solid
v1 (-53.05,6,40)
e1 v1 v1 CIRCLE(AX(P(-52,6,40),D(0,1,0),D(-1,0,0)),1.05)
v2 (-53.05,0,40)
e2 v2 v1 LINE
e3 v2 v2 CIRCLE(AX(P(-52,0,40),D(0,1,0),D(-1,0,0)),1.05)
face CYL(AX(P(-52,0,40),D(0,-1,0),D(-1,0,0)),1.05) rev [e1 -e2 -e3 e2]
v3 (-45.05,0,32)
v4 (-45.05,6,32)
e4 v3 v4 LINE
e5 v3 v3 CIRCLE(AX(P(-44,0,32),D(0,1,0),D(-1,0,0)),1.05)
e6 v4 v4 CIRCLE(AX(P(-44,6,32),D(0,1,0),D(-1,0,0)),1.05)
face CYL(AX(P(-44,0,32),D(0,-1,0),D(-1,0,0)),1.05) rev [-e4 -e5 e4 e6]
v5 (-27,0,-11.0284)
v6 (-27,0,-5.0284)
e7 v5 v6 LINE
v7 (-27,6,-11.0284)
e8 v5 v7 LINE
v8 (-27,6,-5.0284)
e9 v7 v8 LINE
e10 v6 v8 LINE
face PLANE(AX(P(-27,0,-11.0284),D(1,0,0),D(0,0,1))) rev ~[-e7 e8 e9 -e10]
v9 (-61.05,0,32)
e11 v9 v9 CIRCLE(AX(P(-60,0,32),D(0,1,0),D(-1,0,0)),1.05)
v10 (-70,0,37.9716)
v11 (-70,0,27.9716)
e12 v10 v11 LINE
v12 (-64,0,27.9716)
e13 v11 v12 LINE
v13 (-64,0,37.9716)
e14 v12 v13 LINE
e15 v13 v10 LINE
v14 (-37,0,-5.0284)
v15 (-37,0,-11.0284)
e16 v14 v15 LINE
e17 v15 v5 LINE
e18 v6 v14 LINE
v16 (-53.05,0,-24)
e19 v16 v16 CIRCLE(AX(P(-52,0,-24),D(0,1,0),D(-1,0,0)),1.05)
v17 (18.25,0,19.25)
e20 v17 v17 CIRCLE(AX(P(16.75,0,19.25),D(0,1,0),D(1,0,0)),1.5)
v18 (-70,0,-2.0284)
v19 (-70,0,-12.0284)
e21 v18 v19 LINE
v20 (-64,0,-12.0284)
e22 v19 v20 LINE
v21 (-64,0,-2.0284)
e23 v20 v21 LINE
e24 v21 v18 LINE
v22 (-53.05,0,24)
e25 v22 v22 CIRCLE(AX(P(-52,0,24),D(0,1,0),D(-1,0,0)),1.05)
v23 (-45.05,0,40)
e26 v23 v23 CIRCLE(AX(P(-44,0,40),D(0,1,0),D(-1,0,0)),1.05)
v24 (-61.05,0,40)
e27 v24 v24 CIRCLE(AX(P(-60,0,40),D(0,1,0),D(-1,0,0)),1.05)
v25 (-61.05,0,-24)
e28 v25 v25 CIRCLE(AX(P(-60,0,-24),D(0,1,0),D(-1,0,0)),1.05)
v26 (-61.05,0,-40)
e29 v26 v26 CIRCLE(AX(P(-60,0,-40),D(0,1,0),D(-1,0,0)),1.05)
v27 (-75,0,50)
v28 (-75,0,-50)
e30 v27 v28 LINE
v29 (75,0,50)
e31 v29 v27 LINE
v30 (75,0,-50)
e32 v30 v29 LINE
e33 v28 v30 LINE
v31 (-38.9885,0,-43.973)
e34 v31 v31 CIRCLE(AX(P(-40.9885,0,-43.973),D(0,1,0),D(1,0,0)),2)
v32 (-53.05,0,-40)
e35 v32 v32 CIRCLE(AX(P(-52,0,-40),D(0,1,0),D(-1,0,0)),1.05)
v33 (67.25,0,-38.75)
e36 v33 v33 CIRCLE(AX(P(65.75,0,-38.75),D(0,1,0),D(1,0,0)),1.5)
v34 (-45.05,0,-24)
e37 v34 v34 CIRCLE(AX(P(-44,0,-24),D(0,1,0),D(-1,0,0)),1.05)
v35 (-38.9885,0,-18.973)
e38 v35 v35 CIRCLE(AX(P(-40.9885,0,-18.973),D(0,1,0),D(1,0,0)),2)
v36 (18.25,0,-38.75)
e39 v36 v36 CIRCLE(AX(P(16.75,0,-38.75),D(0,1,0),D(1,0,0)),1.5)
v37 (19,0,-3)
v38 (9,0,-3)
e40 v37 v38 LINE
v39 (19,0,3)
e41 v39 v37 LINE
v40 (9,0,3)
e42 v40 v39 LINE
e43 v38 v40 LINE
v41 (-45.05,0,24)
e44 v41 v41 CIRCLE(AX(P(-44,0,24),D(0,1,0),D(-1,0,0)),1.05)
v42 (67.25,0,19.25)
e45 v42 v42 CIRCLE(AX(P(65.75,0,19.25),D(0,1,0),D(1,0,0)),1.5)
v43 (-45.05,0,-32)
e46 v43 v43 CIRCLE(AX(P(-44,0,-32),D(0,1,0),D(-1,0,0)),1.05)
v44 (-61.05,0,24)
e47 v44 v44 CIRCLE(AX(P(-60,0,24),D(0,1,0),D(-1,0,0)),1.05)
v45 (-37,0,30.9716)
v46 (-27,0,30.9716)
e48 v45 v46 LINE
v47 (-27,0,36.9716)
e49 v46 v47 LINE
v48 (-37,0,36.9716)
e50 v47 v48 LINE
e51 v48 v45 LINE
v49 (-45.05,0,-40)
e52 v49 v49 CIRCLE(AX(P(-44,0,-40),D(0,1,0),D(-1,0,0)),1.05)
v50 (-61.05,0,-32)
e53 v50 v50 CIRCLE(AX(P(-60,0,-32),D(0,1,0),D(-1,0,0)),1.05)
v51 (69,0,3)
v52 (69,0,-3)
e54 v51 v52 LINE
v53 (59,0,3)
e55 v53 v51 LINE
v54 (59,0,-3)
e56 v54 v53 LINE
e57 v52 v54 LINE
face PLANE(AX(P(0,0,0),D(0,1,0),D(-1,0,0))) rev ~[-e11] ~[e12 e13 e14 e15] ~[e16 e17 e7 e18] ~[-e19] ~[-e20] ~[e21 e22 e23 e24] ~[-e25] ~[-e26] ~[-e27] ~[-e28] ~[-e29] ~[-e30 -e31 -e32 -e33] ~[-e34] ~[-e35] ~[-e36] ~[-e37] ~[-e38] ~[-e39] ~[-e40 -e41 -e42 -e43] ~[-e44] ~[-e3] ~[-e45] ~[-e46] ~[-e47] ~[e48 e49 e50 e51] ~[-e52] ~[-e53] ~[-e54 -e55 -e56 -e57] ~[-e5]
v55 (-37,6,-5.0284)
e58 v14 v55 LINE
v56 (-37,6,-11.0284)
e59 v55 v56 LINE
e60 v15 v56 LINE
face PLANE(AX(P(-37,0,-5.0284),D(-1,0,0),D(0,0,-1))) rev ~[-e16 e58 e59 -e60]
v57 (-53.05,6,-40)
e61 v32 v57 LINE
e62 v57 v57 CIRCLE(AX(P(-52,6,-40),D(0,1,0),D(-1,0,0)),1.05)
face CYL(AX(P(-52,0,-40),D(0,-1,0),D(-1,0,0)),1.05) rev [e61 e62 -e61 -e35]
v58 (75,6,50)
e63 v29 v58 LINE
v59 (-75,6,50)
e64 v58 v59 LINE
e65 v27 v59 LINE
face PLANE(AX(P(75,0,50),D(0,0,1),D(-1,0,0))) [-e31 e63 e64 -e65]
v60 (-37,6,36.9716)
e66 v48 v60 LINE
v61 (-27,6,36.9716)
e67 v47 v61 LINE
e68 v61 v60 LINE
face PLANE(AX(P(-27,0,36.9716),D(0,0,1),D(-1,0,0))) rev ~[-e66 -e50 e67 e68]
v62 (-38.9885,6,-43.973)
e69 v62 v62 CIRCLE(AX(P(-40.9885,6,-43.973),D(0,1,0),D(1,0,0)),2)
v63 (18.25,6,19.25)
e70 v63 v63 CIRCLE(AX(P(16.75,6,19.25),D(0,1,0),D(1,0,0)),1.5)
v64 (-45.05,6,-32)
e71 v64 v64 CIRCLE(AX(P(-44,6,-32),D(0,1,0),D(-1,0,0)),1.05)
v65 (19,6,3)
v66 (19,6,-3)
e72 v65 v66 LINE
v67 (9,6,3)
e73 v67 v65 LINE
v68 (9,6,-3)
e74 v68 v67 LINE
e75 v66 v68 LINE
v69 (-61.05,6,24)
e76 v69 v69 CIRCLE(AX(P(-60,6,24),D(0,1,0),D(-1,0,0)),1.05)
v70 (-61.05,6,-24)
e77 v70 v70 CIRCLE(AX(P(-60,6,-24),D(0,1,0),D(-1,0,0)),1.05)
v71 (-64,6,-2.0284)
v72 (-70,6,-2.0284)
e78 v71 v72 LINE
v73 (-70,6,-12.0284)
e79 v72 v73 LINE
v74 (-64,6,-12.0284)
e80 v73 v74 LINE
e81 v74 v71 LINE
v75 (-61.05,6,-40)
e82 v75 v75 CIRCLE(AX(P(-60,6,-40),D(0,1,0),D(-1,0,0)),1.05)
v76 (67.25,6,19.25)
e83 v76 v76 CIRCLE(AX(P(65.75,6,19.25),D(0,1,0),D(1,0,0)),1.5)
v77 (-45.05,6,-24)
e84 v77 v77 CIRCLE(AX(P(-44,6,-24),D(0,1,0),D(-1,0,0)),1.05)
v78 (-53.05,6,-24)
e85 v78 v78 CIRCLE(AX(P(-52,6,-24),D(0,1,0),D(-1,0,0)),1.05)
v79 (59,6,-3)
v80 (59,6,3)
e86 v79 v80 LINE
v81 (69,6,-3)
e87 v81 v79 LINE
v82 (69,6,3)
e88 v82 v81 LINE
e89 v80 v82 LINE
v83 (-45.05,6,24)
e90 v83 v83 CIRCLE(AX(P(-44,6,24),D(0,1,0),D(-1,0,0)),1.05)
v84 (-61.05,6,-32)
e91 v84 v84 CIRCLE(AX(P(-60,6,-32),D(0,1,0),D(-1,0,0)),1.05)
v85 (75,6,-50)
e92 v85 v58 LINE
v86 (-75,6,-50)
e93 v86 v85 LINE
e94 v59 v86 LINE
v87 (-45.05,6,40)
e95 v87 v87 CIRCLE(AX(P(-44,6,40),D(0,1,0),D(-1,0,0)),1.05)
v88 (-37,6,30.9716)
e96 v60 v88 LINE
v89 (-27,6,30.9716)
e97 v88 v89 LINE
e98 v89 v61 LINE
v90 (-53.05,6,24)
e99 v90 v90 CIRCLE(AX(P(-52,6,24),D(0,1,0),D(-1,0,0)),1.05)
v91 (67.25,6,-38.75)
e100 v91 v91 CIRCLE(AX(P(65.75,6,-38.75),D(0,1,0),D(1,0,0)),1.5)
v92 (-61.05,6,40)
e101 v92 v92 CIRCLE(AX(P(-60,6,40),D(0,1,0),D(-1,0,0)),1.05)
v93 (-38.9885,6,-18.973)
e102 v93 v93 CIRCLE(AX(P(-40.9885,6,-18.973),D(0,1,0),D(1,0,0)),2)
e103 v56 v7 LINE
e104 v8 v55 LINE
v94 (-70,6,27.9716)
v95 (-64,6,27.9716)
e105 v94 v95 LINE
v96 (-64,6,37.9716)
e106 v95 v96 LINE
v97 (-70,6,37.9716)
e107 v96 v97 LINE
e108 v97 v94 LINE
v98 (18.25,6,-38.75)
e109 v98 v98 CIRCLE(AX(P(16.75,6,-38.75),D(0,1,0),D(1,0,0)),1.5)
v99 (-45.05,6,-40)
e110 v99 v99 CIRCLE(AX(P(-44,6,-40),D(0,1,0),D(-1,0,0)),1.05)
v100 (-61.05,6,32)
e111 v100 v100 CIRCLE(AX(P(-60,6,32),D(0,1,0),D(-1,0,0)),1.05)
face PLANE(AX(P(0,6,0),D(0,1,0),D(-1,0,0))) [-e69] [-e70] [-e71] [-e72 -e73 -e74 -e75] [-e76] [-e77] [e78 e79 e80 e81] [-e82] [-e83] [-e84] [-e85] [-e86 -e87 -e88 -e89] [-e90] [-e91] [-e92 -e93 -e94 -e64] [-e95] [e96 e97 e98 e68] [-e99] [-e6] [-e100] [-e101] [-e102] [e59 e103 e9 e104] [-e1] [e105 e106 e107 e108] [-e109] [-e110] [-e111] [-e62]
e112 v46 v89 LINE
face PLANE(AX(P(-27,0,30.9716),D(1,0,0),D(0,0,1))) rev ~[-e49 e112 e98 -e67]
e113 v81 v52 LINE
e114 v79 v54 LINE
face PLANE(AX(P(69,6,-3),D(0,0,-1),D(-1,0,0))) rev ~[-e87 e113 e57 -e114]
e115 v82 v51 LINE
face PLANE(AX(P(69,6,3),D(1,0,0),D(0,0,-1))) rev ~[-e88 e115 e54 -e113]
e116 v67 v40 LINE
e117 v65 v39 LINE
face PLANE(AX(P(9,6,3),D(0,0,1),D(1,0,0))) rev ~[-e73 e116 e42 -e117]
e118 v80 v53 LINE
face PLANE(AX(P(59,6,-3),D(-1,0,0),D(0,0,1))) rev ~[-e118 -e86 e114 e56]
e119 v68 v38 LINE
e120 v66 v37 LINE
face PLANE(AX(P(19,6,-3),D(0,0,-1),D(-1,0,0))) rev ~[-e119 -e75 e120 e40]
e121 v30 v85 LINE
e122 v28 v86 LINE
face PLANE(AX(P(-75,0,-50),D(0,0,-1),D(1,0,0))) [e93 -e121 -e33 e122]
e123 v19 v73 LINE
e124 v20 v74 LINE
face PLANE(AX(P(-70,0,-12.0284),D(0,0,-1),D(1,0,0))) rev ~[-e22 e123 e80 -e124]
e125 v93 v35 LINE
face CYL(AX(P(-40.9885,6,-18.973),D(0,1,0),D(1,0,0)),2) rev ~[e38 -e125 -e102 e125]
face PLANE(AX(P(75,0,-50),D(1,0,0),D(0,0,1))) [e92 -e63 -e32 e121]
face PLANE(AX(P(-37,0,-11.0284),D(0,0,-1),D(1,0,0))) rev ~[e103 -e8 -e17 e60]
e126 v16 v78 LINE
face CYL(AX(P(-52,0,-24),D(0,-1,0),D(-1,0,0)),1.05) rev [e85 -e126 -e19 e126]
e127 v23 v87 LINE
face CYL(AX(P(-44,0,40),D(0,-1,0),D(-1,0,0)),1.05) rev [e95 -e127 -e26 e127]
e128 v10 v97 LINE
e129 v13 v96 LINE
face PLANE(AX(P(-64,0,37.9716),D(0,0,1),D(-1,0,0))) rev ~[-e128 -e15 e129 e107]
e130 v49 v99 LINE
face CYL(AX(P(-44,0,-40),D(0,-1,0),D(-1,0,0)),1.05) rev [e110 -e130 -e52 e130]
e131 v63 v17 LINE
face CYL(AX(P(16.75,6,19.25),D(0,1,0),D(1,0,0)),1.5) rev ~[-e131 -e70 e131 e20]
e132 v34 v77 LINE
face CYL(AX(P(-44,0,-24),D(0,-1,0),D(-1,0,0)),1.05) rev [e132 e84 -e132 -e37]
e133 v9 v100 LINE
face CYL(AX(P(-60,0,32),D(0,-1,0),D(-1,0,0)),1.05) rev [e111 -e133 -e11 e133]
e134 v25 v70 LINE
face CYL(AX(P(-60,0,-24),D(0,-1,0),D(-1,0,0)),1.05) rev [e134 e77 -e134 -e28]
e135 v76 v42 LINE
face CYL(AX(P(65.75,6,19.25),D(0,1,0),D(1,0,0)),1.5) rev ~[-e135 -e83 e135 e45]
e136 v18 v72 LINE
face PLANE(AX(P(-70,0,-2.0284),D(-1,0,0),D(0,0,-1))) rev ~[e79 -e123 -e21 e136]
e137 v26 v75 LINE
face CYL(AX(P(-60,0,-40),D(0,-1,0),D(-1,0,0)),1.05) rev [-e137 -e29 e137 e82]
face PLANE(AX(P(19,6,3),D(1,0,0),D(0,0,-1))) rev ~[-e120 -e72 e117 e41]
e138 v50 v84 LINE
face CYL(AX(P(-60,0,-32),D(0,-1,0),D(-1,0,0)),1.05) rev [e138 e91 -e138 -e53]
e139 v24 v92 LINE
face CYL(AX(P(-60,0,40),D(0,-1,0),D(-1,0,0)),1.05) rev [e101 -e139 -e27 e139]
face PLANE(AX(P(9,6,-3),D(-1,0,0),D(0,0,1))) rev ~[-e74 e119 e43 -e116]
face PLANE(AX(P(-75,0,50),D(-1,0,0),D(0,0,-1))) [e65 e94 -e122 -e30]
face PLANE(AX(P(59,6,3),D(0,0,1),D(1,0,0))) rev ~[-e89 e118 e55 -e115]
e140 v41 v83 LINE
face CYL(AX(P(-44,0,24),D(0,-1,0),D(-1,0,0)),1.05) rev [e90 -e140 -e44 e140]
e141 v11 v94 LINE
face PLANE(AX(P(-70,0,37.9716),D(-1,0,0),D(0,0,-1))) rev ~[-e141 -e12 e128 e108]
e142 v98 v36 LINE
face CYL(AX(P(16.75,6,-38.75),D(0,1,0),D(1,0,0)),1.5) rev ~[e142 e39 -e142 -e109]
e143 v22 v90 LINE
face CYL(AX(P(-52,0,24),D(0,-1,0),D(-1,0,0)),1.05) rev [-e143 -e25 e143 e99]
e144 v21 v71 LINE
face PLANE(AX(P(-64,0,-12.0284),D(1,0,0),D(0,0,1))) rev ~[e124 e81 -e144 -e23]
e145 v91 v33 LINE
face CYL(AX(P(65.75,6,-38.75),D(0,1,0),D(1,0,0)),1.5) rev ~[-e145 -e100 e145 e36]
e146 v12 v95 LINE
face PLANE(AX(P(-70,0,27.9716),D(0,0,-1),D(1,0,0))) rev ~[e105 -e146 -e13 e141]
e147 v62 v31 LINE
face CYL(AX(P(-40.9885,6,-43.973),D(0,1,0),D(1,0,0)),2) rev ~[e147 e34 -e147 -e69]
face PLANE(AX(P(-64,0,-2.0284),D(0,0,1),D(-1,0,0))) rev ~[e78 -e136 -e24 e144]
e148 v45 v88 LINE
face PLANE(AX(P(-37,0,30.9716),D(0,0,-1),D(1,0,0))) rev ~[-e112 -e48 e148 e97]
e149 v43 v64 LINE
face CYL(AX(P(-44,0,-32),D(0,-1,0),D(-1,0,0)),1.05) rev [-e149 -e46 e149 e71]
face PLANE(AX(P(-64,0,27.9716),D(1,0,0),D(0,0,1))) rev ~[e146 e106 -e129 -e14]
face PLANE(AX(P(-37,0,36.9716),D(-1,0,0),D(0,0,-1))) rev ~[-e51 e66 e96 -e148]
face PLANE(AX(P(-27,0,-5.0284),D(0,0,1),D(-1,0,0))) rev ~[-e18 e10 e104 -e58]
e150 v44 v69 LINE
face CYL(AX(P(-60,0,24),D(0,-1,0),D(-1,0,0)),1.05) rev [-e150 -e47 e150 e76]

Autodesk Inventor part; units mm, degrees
ref_plane "YZ Plane" through (0, 0, 0) normal (1, 0, 0) x (0, 1, 0)
ref_plane "XZ Plane" through (0, 0, 0) normal (0, 1, 0) x (-1, 0, 0)
ref_plane "XY Plane" through (0, 0, 0) normal (0, 0, 1) x (1, 0, 0)
sketch "Esquisse1" plane through (0, 0, 0) normal (0, 1, 0) x (-1, 0, 0)
  line L0 (-75, 50) -> (75, 50)
  line L1 (75, 50) -> (75, -50)
  line L2 (75, -50) -> (-75, -50)
  line L3 (-75, -50) -> (-75, 50)
  line L4 (75, 50) -> (-75, -50) construction
  circle A0 centre (60, -40) radius 1.05
  circle A1 centre (52, -40) radius 1.05
  circle A2 centre (44, -40) radius 1.05
  circle A3 centre (60, -32) radius 1.05
  circle A4 centre (52, -32) radius 1.05 construction
  circle A5 centre (44, -32) radius 1.05
  circle A6 centre (60, -24) radius 1.05
  circle A7 centre (52, -24) radius 1.05
  circle A8 centre (44, -24) radius 1.05
  line L5 (75, 0) -> (-75, 0) construction
  circle A9 centre (60, 40) radius 1.05
  circle A10 centre (52, 40) radius 1.05
  circle A11 centre (44, 40) radius 1.05
  circle A12 centre (60, 32) radius 1.05
  circle A13 centre (52, 32) radius 1.05 construction
  circle A14 centre (44, 32) radius 1.05
  circle A15 centre (60, 24) radius 1.05
  circle A16 centre (52, 24) radius 1.05
  circle A17 centre (44, 24) radius 1.05
  line L6 (64, -2.0284) -> (70, -2.0284)
  line L7 (70, -2.0284) -> (70, -12.0284)
  line L8 (70, -12.0284) -> (64, -12.0284)
  line L9 (64, -12.0284) -> (64, -2.0284)
  line L10 (64, -2.0284) -> (70, -12.0284) construction
  line L11 (70, -2.0284) -> (64, -12.0284) construction
  line L12 (64, 37.9716) -> (70, 37.9716)
  line L13 (70, 37.9716) -> (70, 27.9716)
  line L14 (70, 27.9716) -> (64, 27.9716)
  line L15 (64, 27.9716) -> (64, 37.9716)
  line L16 (64, 37.9716) -> (70, 27.9716) construction
  line L17 (70, 37.9716) -> (64, 27.9716) construction
  line L18 (27, -5.0284) -> (37, -5.0284)
  line L19 (37, -5.0284) -> (37, -11.0284)
  line L20 (37, -11.0284) -> (27, -11.0284)
  line L21 (27, -11.0284) -> (27, -5.0284)
  line L22 (27, -5.0284) -> (37, -11.0284) construction
  line L23 (37, -5.0284) -> (27, -11.0284) construction
  line L24 (27, 36.9716) -> (37, 36.9716)
  line L25 (37, 36.9716) -> (37, 30.9716)
  line L26 (37, 30.9716) -> (27, 30.9716)
  line L27 (27, 30.9716) -> (27, 36.9716)
  line L28 (27, 36.9716) -> (37, 30.9716) construction
  line L29 (37, 36.9716) -> (27, 30.9716) construction
  point P0 (0, 0)
  point P1 (67, -7.0284)
  point P2 (67, 32.9716)
  point P3 (32, -8.0284)
  point P4 (32, 33.9716)
  dimension "d0" = 150
  dimension "d1" = 100
  dimension "d2" = 2.1
  dimension "d3" = 10
  dimension "d4" = 15
  dimension "d7" = 8
  dimension "d10" = 8
  dimension "d25" = 50
  dimension "d26" = 0
  dimension "d27" = 6
  dimension "d28" = 10
  dimension "d29" = 6
  dimension "d30" = 10
  dimension "d31" = 50
  dimension "d32" = 5
  dimension "d33" = 5
  dimension "d34" = 10
  dimension "d35" = 6
  dimension "d36" = 6
  dimension "d37" = 36
  dimension "d38" = 35
  dimension "d39" = 1
ref_plane "Plan de construction1" through (0, 6, 0) normal (0, 1, 0) x (1, 0, 0)
extrude "Extrusion2" add sketch "Esquisse1" along normal blind 6
sketch "Esquisse3" plane through (0, 6, 0) normal (0, 1, 0) x (1, 0, 0)
  line L0 (-37, -36.9716) -> (-37, -30.9716) construction
  line L1 (-37, -30.9716) -> (-27, -30.9716) construction
  line L2 (-27, -30.9716) -> (-27, -36.9716) construction
  line L3 (-27, -36.9716) -> (-37, -36.9716) construction
  line L4 (-37, 5.0284) -> (-37, 11.0284) construction
  line L5 (-37, 11.0284) -> (-27, 11.0284) construction
  line L6 (-27, 11.0284) -> (-27, 5.0284) construction
  line L7 (-27, 5.0284) -> (-37, 5.0284) construction
  line L8 (-70, -37.9716) -> (-70, -27.9716) construction
  line L9 (-70, -27.9716) -> (-64, -27.9716) construction
  line L10 (-64, -27.9716) -> (-64, -37.9716) construction
  line L11 (-64, -37.9716) -> (-70, -37.9716) construction
  line L12 (-70, 2.0284) -> (-70, 12.0284) construction
  line L13 (-70, 12.0284) -> (-64, 12.0284) construction
  line L14 (-64, 12.0284) -> (-64, 2.0284) construction
  line L15 (-64, 2.0284) -> (-70, 2.0284) construction
  circle A0 centre (-60, -40) radius 1.05 construction
  circle A1 centre (-44, -24) radius 1.05 construction
  circle A2 centre (-44, -32) radius 1.05 construction
  circle A3 centre (-44, -40) radius 1.05 construction
  circle A4 centre (-52, -24) radius 1.05 construction
  circle A5 centre (-52, -40) radius 1.05 construction
  circle A6 centre (-60, -24) radius 1.05 construction
  circle A7 centre (-60, -32) radius 1.05 construction
  circle A8 centre (-44, 24) radius 1.05 construction
  circle A9 centre (-52, 24) radius 1.05 construction
  circle A10 centre (-60, 24) radius 1.05 construction
  circle A11 centre (-44, 32) radius 1.05 construction
  circle A12 centre (-60, 32) radius 1.05 construction
  circle A13 centre (-44, 40) radius 1.05 construction
  circle A14 centre (-52, 40) radius 1.05 construction
  circle A15 centre (-60, 40) radius 1.05 construction
  line L16 (-75, -50) -> (75, -50) construction
  line L17 (75, -50) -> (75, 50) construction
  line L18 (75, 50) -> (-75, 50) construction
  line L19 (-75, 50) -> (-75, -50) construction
  line L20 (-27, 8.0284) -> (13, 8.0284) construction
  line L21 (69, -42.5) -> (13, -42.5) construction
  line L22 (13, -42.5) -> (13, 42.5) construction
  line L23 (13, 42.5) -> (69, 42.5) construction
  line L24 (69, 42.5) -> (69, -42.5) construction
  line L25 (69, -42.5) -> (13, 42.5) construction
  line L26 (13, -42.5) -> (69, 42.5) construction
  circle A16 centre (16.75, 38.75) radius 1.5
  circle A17 centre (65.75, 38.75) radius 1.5
  circle A18 centre (16.75, -19.25) radius 1.5
  circle A19 centre (65.75, -19.25) radius 1.5
  point P0 (0, 0)
  point P1 (41, 0)
  dimension "d42" = 40
  dimension "d43" = 56
  dimension "d44" = 85
  dimension "d45" = 0
  dimension "d46" = 3
  dimension "d47" = 3.75
  dimension "d48" = 3.75
  dimension "d51" = 49
  dimension "d54" = 58
extrude "Extrusion3" cut sketch "Esquisse3" against normal blind 6
sketch "Esquisse4" plane through (0, 6, 0) normal (0, 1, 0) x (1, 0, 0)
  line L0 (-40.9885, 18.973) -> (-1.9885, 18.973) construction
  line L1 (-1.9885, 18.973) -> (-1.9885, 43.973) construction
  line L2 (-1.9885, 43.973) -> (-40.9885, 43.973) construction
  line L3 (-40.9885, 43.973) -> (-40.9885, 18.973) construction
  line L4 (-40.9885, 18.973) -> (-1.9885, 43.973) construction
  line L5 (-1.9885, 18.973) -> (-40.9885, 43.973) construction
  circle A0 centre (-40.9885, 43.973) radius 2
  circle A1 centre (-40.9885, 18.973) radius 2
  point P0 (0, 0)
  point P1 (-21.4885, 31.473)
  dimension "d59" = 39
  dimension "d60" = 25
  dimension "d61" = 4
  dimension "d62" = 4
extrude "Extrusion4" cut sketch "Esquisse4" against normal blind 10
sketch "Esquisse5" plane through (0, 6, 0) normal (0, 1, 0) x (1, 0, 0)
  line L0 (9, -3) -> (19, -3)
  line L1 (19, -3) -> (19, 3)
  line L2 (19, 3) -> (9, 3)
  line L3 (9, 3) -> (9, -3)
  line L4 (9, -3) -> (19, 3) construction
  line L5 (19, -3) -> (9, 3) construction
  line L6 (59, -3) -> (69, -3)
  line L7 (69, -3) -> (69, 3)
  line L8 (69, 3) -> (59, 3)
  line L9 (59, 3) -> (59, -3)
  line L10 (59, -3) -> (69, 3) construction
  line L11 (69, -3) -> (59, 3) construction
  line L12 (75, 50) -> (75, -50) projected
  point P0 (0, 0)
  point P1 (14, 0)
  point P2 (64, 0)
  dimension "d65" = 10
  dimension "d66" = 6
  dimension "d67" = 10
  dimension "d68" = 6
  dimension "d71" = 60
  dimension "d72" = 6
extrude "Extrusion5" cut sketch "Esquisse5" against normal blind 10
properties part number "base"
